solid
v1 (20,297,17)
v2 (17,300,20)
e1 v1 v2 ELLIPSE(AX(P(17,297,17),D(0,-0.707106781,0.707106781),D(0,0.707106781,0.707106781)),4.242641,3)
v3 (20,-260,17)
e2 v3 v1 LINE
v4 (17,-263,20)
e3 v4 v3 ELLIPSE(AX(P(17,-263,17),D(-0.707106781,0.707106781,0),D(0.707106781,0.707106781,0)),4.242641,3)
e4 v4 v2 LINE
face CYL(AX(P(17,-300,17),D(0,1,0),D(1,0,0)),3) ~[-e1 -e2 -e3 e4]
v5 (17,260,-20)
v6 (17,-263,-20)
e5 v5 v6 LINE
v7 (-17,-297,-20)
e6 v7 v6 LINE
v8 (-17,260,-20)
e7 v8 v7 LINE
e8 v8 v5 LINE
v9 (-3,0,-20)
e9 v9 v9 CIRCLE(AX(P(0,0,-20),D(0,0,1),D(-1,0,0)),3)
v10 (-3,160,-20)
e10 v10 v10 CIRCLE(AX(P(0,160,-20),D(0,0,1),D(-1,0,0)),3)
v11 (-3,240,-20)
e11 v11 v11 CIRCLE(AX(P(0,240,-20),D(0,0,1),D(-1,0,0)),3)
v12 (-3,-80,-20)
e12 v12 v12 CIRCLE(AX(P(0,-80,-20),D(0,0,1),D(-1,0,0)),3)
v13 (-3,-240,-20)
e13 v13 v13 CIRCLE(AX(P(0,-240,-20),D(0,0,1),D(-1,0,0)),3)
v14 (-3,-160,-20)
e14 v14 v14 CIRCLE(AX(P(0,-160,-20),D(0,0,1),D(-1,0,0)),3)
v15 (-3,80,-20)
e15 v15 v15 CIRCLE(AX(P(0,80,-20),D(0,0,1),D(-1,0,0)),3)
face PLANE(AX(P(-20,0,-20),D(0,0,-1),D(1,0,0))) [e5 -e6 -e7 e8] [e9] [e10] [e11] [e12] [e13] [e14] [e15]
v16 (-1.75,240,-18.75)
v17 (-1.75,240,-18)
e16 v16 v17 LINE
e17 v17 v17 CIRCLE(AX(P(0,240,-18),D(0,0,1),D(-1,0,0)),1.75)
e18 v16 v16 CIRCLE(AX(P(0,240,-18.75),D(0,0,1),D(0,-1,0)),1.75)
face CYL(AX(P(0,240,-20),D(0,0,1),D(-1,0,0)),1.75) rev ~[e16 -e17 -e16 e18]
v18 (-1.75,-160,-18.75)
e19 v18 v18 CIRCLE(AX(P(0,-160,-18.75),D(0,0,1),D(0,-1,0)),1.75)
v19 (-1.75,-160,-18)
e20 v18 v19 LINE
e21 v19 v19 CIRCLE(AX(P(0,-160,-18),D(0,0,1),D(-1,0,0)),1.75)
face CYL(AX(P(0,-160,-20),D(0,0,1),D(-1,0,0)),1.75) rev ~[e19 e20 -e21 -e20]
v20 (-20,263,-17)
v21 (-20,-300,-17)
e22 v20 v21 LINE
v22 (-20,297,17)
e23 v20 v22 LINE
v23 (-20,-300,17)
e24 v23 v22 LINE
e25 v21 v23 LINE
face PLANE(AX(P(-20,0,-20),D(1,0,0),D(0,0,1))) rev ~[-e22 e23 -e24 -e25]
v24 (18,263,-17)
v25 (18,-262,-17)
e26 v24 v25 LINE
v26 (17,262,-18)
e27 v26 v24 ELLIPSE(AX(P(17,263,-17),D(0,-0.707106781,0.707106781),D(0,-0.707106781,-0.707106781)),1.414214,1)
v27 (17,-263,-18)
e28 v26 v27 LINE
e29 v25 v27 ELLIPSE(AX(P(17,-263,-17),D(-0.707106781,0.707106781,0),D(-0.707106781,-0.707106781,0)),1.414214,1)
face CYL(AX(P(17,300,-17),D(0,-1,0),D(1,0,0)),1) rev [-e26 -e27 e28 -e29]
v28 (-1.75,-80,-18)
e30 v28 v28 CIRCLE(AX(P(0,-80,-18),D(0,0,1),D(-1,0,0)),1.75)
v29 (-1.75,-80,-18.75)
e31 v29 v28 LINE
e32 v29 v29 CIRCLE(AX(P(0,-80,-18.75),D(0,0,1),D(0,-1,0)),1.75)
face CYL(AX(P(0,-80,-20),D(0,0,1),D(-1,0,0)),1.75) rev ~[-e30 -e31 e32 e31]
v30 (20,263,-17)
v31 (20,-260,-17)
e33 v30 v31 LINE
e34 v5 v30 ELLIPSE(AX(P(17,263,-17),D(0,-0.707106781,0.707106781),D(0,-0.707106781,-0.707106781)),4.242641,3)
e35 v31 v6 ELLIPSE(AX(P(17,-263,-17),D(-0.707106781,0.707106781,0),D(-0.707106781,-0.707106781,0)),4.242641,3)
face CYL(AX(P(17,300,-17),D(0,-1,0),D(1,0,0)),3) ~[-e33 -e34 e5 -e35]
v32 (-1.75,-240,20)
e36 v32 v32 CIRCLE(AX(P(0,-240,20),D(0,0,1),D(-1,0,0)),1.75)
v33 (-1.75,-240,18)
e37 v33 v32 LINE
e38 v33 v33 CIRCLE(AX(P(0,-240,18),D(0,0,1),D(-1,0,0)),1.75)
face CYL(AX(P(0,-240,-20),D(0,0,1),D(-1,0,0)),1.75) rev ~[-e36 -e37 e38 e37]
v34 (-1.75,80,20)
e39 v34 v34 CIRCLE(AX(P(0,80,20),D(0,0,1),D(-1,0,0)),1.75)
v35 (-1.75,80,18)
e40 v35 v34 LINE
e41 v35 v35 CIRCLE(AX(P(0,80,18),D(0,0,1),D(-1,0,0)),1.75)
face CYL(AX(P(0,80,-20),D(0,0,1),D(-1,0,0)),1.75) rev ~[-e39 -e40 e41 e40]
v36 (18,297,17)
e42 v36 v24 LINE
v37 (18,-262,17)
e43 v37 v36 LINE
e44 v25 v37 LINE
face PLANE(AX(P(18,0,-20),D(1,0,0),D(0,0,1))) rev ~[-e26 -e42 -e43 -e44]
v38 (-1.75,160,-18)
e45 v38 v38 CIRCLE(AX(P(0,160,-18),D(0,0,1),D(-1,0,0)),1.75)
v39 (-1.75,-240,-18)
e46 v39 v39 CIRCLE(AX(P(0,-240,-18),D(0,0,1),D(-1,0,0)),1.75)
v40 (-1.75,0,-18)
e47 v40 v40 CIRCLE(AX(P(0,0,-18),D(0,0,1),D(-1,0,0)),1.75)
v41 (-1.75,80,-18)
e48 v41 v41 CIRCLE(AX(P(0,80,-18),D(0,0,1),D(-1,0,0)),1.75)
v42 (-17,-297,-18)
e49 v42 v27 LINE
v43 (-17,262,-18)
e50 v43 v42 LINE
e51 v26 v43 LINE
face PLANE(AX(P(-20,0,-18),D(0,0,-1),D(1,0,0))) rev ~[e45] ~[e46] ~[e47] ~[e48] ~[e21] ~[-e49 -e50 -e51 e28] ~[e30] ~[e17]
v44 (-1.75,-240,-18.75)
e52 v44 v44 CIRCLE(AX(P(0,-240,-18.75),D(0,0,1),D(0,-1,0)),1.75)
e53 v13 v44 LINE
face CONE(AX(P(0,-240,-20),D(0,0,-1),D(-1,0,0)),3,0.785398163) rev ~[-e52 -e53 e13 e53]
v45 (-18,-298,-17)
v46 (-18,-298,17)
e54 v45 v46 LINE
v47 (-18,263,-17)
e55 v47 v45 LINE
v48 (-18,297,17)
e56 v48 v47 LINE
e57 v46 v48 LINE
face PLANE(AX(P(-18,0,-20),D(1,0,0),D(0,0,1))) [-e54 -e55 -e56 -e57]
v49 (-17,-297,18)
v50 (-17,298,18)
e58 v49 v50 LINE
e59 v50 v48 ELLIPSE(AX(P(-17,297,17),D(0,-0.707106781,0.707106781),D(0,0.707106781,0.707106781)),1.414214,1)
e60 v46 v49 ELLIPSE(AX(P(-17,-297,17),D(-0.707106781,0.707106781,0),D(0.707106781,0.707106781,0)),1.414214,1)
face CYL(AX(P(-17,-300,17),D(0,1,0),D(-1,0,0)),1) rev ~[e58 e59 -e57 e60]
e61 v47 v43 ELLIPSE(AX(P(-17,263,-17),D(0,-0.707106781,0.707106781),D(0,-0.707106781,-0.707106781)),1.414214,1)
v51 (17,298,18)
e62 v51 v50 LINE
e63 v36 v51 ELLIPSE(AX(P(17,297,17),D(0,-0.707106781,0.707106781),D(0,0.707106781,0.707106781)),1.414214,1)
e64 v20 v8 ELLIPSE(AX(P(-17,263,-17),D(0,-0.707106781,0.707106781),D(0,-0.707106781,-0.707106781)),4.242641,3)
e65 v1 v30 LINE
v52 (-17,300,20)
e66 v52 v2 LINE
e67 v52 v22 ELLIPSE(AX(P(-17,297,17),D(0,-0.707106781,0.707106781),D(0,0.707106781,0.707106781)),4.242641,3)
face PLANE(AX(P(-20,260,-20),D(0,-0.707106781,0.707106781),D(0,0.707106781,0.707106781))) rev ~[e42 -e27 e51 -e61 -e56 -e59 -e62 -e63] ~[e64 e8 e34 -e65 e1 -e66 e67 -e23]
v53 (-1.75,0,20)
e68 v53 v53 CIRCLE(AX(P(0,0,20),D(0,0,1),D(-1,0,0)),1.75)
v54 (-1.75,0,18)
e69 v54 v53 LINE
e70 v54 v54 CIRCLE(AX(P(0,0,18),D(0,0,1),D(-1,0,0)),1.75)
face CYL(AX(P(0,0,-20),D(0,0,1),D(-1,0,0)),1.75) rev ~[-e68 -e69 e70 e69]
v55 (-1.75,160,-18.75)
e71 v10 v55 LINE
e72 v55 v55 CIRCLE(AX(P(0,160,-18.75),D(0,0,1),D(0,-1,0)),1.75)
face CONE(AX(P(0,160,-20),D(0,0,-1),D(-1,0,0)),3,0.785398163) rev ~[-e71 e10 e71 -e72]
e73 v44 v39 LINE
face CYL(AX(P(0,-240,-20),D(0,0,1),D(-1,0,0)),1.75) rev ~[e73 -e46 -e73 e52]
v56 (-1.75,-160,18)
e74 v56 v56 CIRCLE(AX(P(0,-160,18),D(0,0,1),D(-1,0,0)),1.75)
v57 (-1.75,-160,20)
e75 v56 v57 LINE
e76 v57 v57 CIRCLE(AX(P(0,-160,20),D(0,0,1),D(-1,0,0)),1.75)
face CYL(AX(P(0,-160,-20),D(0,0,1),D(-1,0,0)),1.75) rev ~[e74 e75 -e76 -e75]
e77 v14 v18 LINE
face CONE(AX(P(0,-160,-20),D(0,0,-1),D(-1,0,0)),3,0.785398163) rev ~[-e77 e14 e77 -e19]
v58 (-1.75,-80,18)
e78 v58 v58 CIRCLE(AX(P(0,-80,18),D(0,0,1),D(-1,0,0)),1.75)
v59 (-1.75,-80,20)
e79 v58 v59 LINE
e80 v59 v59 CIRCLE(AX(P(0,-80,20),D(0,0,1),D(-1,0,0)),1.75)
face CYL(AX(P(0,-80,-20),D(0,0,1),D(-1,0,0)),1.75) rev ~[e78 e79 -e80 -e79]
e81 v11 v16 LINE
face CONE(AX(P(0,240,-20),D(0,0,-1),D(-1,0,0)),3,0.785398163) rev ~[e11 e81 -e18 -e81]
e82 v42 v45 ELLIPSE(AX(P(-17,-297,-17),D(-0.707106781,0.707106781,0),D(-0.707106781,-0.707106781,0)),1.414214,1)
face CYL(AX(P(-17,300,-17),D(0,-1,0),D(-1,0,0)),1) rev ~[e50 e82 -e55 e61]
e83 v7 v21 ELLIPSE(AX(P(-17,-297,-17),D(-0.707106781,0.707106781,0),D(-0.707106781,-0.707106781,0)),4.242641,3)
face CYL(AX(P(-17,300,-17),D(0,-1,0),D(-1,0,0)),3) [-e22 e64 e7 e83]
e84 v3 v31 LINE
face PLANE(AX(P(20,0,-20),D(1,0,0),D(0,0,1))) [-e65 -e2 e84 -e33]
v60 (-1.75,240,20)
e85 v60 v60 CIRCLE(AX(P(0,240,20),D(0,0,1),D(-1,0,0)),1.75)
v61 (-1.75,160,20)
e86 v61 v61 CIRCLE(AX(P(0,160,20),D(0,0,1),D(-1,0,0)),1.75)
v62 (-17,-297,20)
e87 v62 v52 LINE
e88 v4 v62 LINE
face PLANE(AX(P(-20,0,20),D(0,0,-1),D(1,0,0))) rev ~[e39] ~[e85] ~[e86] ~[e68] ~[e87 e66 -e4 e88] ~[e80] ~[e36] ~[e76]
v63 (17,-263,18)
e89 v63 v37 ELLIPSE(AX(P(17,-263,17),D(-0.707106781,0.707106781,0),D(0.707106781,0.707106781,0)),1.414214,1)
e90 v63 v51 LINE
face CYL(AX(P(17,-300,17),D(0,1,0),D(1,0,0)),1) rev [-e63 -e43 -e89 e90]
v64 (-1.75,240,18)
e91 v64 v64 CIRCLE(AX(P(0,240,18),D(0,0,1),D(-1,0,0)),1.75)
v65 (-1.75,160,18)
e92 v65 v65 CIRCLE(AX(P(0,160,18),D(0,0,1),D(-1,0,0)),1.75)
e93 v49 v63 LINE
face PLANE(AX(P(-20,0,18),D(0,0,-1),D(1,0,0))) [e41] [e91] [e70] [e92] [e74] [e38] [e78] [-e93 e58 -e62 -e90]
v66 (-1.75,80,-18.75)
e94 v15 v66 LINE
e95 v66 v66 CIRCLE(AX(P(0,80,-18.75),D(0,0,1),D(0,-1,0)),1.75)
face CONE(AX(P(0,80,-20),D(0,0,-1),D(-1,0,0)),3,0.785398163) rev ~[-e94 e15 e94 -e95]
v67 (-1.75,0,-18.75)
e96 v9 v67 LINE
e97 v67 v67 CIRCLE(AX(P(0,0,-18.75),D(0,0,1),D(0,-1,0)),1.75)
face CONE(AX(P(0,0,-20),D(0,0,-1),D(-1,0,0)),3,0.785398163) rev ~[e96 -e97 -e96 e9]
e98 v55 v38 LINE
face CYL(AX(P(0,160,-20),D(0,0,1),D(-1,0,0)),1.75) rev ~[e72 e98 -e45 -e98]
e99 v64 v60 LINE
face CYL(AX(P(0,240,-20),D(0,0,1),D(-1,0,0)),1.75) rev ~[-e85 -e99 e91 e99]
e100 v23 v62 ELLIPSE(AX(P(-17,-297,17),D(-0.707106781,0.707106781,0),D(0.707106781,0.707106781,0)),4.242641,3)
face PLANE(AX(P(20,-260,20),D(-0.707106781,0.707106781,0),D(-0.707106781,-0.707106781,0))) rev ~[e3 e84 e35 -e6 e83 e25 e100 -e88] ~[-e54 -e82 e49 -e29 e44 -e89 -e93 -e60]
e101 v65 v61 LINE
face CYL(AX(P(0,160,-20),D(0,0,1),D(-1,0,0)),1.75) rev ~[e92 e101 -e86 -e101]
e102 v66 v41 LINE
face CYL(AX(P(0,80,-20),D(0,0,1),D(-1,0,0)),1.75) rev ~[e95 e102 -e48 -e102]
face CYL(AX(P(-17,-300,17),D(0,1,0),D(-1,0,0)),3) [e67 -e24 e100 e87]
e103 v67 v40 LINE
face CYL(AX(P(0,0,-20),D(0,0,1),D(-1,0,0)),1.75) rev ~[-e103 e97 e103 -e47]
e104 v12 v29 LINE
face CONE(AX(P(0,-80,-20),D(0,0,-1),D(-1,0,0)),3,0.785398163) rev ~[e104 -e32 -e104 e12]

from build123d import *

# Parameters (mm, degrees)
F2_W            = 40
F2_H            = 40
F3_DEPTH        = 300
F4_R            = 3
F5_T            = -2
F7_DEPTH        = 40.001
F9_DEPTH        = 40.001
F11_D           = 3.5
F11_CSINK_D     = 6
F11_CSINK_ANGLE = 90


with BuildPart() as f3:
    # F2 (on Front) → F3 (new body, symmetric)
    with BuildSketch(Plane.XZ):
        Rectangle(F2_W, F2_H)
    extrude(amount=F3_DEPTH, both=True)

    # F4
    f4_edges = [f3.edges().sort_by_distance(p)[0] for p in [
        (20, 0, 20),
        (-20, 0, 20),
        (20, 0, -20),
        (-20, 0, -20),
    ]]
    fillet(f4_edges, radius=F4_R)

    # F5
    f5_openings = [f3.faces().sort_by_distance(p)[0] for p in [
        (0, -300, 0),
        (0, 300, 0),
    ]]
    offset(amount=F5_T, openings=f5_openings)

    # F6 (on face) → F7 (cut, through all)
    with BuildSketch(Plane(origin=(-20, 0, 0), x_dir=(0, -1, 0), z_dir=(-1, 0, 0))):
        Polygon((-300, 20), (-300, -20), (-260, -20), align=None)
    extrude(amount=-F7_DEPTH, mode=Mode.SUBTRACT)

    # F8 (on face) → F9 (cut, through all)
    with BuildSketch(Plane.XY.offset(20)):
        Polygon((20, -300), (20, -260), (-20, -300), align=None)
    extrude(amount=-F9_DEPTH, mode=Mode.SUBTRACT)

    # F11 (through all)
    with Locations(Plane(origin=(0, 0, -20), x_dir=(1, 0, 0), z_dir=(0, 0, -1))):
        with Locations((0, 240), (0, 160), (0, 80), (0, 0), (0, -80), (0, -160), (0, -240)):
            CounterSinkHole(F11_D / 2, F11_CSINK_D / 2, counter_sink_angle=F11_CSINK_ANGLE)


solid = f3.part
